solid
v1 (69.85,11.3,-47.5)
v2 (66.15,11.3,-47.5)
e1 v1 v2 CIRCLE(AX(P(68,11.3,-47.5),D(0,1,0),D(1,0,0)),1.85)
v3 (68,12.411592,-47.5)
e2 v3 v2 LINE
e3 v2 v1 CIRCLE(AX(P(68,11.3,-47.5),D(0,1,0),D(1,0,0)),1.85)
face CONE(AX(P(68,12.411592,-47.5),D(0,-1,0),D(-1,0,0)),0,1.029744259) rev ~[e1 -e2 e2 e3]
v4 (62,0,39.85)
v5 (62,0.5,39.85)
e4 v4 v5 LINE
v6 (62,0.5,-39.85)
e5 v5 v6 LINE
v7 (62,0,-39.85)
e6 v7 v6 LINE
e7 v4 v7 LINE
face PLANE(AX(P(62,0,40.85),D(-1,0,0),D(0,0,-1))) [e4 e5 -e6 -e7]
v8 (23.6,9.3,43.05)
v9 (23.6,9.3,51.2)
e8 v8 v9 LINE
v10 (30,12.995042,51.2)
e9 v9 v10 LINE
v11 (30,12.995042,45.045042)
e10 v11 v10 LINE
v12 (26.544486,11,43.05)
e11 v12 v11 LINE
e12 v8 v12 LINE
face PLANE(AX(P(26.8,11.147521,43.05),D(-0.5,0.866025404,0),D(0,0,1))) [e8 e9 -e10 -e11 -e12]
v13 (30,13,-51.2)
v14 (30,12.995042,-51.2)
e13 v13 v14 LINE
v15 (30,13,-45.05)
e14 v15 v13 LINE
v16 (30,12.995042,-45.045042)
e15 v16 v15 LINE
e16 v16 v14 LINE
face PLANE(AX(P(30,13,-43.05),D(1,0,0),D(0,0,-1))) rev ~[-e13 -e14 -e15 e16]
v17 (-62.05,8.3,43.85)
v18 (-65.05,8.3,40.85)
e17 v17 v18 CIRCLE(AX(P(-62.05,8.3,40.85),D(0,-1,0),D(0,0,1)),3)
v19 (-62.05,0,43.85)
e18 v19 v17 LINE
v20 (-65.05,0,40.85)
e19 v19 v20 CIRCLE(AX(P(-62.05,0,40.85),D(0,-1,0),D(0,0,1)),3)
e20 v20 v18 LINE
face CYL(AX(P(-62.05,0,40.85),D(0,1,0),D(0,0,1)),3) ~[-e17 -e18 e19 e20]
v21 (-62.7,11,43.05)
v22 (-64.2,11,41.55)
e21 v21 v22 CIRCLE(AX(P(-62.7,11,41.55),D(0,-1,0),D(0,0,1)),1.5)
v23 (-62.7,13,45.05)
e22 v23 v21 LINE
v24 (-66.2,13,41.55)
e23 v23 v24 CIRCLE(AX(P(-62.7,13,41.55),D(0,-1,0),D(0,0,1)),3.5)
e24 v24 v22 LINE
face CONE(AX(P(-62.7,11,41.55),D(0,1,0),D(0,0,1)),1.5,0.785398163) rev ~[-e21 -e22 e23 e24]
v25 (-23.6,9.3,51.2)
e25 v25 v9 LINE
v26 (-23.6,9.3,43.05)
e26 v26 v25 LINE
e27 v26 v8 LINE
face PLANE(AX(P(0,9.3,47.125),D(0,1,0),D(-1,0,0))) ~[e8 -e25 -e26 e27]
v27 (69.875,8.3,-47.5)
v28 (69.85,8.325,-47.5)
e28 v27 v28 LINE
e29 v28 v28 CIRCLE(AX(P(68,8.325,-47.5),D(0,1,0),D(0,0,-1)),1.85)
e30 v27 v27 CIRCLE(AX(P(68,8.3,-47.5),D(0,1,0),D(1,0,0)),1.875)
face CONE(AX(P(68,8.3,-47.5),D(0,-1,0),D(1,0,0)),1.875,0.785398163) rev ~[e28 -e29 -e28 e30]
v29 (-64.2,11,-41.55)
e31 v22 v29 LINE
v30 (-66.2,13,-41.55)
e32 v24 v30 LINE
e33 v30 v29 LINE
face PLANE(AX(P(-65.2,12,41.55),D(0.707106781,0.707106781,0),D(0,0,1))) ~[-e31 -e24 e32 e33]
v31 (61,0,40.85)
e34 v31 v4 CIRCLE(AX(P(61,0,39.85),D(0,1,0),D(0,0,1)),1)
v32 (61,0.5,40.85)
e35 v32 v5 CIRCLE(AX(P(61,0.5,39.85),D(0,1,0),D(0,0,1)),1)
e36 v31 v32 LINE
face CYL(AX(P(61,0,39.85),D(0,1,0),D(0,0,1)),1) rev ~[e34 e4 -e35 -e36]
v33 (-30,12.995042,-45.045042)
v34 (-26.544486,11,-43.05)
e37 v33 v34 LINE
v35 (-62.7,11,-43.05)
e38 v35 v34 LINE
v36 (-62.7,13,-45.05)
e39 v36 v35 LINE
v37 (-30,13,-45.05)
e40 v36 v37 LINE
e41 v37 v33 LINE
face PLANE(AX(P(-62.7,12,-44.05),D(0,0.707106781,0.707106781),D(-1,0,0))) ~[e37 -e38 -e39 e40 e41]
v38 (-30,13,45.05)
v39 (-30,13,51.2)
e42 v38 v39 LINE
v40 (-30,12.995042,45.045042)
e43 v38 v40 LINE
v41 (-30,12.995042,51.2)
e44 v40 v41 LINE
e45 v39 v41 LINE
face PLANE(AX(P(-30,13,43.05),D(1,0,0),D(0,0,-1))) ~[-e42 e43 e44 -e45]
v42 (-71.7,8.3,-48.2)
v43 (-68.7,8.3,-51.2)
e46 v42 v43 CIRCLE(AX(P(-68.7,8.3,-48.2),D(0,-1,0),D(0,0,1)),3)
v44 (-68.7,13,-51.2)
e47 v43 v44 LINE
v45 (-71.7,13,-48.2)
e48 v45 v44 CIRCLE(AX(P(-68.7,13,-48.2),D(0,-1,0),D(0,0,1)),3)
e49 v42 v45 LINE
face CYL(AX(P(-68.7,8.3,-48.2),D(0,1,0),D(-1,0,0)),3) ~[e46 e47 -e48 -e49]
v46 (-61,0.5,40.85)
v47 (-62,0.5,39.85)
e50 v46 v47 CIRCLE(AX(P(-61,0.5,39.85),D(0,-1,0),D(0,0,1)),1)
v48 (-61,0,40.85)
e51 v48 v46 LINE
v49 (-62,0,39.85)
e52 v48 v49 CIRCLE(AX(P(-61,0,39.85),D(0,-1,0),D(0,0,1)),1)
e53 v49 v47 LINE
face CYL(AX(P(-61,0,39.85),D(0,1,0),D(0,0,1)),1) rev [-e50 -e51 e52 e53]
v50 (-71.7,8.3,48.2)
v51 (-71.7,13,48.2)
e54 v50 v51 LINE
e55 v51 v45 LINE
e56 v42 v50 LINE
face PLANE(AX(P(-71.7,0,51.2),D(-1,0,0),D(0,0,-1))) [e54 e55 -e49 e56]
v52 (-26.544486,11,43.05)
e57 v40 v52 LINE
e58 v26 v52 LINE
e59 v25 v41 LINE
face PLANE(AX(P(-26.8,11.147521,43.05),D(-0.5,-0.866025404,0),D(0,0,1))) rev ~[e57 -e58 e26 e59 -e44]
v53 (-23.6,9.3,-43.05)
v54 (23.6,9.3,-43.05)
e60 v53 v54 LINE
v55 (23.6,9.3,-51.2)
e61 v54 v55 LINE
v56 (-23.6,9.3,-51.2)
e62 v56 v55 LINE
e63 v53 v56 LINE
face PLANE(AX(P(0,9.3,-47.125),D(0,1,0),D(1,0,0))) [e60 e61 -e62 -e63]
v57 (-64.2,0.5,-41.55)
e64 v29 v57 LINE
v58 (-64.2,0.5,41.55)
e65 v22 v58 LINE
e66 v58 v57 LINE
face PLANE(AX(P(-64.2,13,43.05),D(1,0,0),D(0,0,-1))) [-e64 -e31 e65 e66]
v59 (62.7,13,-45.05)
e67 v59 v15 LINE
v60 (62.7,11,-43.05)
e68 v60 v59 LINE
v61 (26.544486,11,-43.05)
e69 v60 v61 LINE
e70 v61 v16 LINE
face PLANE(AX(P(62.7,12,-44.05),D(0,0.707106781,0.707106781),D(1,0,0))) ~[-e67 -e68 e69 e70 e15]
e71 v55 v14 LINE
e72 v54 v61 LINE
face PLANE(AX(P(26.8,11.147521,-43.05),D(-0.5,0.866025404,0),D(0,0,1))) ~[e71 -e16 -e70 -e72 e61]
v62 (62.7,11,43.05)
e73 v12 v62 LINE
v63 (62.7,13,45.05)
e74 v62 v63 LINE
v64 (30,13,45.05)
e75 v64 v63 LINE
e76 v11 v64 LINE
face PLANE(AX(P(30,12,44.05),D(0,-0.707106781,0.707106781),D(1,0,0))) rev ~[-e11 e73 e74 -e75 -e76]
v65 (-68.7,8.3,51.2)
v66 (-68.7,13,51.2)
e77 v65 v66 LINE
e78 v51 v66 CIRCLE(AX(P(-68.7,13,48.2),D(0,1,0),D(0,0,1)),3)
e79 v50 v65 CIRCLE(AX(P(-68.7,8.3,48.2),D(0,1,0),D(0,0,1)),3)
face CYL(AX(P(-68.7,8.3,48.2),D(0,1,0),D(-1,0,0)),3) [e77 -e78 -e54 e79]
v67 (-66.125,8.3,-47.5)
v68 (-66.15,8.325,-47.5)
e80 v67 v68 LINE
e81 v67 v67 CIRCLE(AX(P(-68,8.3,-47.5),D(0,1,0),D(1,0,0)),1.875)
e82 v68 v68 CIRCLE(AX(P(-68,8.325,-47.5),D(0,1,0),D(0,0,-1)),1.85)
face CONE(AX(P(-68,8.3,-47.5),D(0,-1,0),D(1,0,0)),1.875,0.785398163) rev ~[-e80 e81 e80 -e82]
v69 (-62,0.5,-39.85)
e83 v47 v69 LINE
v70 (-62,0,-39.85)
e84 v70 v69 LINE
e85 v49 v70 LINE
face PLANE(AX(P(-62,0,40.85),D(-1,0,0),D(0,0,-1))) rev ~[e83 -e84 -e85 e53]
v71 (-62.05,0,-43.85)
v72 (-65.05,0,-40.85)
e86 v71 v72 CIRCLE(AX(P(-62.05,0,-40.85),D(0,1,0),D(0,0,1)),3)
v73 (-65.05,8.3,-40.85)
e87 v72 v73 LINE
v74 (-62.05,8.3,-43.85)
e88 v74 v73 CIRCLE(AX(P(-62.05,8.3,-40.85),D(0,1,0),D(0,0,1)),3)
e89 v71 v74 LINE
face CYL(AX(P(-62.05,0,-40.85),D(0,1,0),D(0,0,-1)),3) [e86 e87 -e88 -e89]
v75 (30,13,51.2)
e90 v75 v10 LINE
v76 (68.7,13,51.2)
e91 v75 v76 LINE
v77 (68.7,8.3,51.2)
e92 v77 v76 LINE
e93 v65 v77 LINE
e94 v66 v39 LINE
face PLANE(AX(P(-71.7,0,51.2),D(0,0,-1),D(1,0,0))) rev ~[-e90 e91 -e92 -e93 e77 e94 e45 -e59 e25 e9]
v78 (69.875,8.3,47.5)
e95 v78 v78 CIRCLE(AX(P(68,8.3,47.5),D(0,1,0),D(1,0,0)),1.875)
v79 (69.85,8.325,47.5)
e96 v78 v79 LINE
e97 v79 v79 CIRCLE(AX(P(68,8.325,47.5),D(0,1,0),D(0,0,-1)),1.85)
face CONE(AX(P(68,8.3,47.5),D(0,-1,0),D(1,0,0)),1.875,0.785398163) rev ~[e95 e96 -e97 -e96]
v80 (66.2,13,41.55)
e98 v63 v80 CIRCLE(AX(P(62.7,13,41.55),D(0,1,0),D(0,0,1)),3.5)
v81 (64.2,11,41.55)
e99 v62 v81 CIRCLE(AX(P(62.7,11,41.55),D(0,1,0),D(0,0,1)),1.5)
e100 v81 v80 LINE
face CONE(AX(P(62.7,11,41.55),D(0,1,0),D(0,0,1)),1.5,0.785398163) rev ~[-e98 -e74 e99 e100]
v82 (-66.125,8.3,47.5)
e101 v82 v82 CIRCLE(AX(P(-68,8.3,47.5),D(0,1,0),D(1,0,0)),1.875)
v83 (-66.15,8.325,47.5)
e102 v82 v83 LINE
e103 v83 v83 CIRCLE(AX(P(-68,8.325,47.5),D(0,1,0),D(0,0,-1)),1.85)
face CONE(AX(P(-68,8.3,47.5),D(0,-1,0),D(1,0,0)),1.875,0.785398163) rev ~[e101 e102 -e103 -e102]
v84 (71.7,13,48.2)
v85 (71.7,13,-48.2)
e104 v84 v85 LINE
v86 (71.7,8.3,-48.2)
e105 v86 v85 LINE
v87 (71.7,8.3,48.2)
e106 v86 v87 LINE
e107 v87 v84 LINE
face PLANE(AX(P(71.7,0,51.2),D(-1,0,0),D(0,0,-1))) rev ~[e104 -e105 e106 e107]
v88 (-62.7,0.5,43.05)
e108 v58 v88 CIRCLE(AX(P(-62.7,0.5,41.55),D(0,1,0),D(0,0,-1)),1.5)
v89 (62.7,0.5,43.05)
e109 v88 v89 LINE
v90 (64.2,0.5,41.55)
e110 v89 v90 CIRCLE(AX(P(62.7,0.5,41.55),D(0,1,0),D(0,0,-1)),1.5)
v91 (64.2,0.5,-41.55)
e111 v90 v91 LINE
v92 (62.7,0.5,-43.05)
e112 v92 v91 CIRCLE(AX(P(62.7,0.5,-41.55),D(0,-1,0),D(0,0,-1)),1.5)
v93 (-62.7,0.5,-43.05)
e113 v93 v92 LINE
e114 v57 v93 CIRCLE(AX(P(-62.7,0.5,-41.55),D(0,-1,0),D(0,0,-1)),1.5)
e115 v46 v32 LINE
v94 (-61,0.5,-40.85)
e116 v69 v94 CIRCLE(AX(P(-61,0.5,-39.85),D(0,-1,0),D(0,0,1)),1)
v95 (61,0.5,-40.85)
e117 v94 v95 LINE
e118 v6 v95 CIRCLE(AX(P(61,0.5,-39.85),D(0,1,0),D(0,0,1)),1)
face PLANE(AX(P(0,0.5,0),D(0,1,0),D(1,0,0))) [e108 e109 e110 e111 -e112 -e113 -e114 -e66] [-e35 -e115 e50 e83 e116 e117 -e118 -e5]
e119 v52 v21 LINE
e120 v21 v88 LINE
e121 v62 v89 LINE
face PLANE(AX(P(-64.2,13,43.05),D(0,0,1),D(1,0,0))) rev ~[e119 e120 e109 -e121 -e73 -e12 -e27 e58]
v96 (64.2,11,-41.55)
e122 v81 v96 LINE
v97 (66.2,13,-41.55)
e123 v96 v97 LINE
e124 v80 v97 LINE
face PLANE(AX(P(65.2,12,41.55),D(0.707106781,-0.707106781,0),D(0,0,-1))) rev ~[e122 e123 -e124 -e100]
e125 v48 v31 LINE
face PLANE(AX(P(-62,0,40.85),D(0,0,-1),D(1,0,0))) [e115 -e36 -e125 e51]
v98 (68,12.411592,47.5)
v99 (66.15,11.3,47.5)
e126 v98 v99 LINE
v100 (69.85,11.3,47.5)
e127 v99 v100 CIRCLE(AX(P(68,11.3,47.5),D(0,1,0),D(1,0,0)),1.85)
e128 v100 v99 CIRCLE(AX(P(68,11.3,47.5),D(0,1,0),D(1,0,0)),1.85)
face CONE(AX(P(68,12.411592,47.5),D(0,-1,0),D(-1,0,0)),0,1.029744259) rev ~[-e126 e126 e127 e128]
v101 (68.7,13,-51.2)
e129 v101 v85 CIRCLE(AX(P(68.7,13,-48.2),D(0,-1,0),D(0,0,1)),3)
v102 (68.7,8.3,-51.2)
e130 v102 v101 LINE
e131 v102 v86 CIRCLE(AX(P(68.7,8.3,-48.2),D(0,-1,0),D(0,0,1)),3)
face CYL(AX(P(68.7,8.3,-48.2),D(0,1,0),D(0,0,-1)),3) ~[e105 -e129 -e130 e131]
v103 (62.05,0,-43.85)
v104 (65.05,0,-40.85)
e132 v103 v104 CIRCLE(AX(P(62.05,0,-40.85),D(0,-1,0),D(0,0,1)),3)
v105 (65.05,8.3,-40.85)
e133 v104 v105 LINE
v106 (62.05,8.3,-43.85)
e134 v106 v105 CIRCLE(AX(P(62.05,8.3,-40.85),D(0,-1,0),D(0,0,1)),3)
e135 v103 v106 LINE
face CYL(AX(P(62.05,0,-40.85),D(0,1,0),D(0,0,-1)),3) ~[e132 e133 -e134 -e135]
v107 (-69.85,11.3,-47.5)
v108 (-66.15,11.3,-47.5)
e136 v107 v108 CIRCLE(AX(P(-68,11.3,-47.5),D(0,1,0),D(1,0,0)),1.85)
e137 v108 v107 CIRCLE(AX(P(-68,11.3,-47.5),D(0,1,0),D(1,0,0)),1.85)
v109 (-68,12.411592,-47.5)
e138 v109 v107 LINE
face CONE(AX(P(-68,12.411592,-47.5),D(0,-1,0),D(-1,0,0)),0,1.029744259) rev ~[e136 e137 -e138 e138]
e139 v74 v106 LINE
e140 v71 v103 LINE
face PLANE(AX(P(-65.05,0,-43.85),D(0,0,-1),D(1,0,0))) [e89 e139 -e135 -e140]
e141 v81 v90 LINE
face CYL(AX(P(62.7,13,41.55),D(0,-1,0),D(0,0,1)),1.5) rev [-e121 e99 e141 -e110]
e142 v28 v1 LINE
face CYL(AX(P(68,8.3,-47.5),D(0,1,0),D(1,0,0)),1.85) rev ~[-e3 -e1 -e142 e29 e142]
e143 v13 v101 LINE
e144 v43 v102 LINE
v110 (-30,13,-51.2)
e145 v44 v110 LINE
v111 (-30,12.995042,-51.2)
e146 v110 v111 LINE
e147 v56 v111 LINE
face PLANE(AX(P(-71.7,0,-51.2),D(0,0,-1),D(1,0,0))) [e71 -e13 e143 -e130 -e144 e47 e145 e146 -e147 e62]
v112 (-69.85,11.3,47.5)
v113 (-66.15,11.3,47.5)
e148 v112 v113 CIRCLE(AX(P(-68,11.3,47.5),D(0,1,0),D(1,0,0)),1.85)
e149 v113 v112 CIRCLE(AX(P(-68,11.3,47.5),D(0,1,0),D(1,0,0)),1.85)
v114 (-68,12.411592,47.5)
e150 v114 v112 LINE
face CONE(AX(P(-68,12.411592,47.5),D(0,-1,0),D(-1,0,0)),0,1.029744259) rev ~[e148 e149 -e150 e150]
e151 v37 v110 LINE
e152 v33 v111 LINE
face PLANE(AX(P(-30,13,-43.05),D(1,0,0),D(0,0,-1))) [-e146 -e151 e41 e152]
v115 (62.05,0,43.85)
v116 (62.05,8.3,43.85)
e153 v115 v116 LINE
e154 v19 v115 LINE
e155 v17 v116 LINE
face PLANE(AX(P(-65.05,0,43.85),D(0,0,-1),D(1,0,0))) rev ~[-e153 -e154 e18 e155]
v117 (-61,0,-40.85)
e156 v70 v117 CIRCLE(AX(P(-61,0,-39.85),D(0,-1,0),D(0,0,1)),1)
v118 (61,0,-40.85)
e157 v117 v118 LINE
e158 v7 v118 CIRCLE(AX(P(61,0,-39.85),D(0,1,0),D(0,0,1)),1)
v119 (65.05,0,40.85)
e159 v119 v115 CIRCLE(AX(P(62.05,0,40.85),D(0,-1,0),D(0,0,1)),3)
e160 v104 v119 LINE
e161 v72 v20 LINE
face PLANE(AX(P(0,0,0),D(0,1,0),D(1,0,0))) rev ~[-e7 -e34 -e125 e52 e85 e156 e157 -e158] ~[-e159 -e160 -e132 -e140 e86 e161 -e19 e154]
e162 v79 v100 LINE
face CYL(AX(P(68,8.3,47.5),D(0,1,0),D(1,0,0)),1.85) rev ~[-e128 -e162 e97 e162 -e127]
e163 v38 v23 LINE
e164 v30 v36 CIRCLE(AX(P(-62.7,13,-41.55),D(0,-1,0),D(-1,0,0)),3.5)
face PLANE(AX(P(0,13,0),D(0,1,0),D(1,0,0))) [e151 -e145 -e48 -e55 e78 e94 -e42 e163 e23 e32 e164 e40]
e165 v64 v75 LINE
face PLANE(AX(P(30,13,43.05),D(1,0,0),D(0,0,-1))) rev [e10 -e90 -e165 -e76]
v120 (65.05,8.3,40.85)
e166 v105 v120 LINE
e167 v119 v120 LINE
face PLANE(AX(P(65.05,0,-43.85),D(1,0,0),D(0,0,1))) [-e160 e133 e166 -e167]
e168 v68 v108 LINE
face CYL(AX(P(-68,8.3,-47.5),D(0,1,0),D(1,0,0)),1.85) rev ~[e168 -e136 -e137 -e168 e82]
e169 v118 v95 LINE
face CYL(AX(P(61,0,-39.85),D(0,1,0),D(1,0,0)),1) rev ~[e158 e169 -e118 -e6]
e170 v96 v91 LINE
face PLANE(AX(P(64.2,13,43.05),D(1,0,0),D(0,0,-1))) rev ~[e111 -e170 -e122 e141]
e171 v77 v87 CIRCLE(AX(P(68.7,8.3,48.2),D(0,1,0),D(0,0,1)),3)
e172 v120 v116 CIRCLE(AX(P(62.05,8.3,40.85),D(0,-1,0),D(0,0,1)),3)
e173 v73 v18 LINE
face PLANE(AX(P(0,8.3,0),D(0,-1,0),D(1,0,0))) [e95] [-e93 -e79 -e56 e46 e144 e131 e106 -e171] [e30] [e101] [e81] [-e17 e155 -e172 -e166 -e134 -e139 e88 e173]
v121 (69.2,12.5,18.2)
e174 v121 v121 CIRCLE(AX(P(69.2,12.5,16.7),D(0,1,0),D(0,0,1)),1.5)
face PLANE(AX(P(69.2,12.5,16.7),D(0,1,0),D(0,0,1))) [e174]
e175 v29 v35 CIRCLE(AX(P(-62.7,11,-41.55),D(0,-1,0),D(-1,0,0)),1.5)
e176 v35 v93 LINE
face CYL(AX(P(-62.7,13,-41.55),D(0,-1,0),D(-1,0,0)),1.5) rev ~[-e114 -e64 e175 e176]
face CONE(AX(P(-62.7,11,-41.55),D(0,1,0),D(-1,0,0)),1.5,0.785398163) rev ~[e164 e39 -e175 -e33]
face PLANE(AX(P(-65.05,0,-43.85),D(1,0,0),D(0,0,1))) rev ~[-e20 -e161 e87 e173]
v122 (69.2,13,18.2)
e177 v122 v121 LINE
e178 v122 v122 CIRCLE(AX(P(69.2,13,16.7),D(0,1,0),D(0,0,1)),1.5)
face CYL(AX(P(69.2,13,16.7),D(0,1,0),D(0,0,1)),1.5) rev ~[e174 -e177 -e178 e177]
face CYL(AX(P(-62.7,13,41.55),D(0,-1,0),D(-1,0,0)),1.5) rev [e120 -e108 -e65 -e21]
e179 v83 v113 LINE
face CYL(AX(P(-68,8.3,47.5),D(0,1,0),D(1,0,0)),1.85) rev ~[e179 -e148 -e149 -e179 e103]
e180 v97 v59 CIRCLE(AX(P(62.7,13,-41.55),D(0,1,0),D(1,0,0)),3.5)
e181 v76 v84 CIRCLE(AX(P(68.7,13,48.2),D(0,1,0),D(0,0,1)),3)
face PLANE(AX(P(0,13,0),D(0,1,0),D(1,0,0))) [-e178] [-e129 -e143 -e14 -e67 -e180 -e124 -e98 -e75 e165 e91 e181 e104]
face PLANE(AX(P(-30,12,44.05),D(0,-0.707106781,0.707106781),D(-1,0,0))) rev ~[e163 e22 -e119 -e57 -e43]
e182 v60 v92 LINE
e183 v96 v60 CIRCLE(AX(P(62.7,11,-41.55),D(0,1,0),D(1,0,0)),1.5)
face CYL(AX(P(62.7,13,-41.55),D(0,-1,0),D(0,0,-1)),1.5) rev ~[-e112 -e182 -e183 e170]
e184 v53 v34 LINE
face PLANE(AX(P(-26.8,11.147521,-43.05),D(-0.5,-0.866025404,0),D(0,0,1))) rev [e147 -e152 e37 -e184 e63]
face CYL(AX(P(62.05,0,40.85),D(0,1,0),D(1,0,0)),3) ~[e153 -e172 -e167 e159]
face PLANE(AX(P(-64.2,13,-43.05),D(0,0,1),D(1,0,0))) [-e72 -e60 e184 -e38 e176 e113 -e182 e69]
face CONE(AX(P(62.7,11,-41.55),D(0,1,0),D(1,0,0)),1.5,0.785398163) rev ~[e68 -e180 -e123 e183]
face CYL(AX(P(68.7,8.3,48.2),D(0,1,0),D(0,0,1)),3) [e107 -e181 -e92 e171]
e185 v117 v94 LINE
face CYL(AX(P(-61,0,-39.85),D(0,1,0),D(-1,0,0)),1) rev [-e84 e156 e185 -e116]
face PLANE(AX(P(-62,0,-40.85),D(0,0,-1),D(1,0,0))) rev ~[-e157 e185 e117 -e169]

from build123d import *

# Parameters (mm, degrees)
SKETCH1_W                            = 143.4
SKETCH1_H                            = 102.4
SKETCH1_W_2                          = 124
SKETCH1_H_2                          = 81.7
BOSS_EXTRUDE1_DEPTH                  = 13
SKETCH2_W                            = 128.4
SKETCH2_H                            = 86.1
CUT_EXTRUDE1_DEPTH                   = 12.5
SKETCH3_W                            = 143.4
SKETCH3_H                            = 102.4
SKETCH3_W_2                          = 130.1
SKETCH3_H_2                          = 87.7
CUT_EXTRUDE3_DEPTH                   = 8.3
FILLET1_R                            = 1
FILLET2_R                            = 1.5
FILLET3_R                            = 3
SKETCH4_W                            = 60
SKETCH4_H                            = 8.15
CUT_EXTRUDE4_DEPTH                   = 3.7
CHAMFER1_SIZE                        = 6.4
CHAMFER1_SIZE2                       = 3.695041723
CHAMFER2_SIZE                        = 6.4
CHAMFER2_SIZE2                       = 3.695041723
SKETCH5_R                            = 1.5
CUT_EXTRUDE5_DEPTH                   = 0.5
CHAMFER3_SIZE                        = 2
F_3_7_3_7_DIAMETER_HOLE1_D           = 3.7
F_3_7_3_7_DIAMETER_HOLE1_DEPTH       = 3
F_3_7_3_7_DIAMETER_HOLE1_CSINK_D     = 3.75
F_3_7_3_7_DIAMETER_HOLE1_CSINK_ANGLE = 90
F_3_7_3_7_DIAMETER_HOLE1_TIP         = 1.111592145


with BuildPart() as part:
    # Sketch1 → Boss-Extrude1 (new body)
    with BuildSketch(Plane(origin=(0, 0, 0), x_dir=(1, 0, 0), z_dir=(0, 1, 0))):
        Rectangle(SKETCH1_W, SKETCH1_H)
        Rectangle(SKETCH1_W_2, SKETCH1_H_2, mode=Mode.SUBTRACT)
    extrude(amount=BOSS_EXTRUDE1_DEPTH)

    # Sketch2 → Cut-Extrude1 (cut)
    with BuildSketch(Plane(origin=(0, 13, 0), x_dir=(1, 0, 0), z_dir=(0, 1, 0))):
        Rectangle(SKETCH2_W, SKETCH2_H)
    extrude(amount=-CUT_EXTRUDE1_DEPTH, mode=Mode.SUBTRACT)

    # Sketch3 → Cut-Extrude3 (cut)
    with BuildSketch(Plane.XZ):
        Rectangle(SKETCH3_W, SKETCH3_H)
        Rectangle(SKETCH3_W_2, SKETCH3_H_2, mode=Mode.SUBTRACT)
    extrude(amount=-CUT_EXTRUDE3_DEPTH, mode=Mode.SUBTRACT)

    # Fillet1
    fillet1_edges = [part.edges().sort_by_distance(p)[0] for p in [
        (-62, 0.25, 40.85),
        (62, 0.25, 40.85),
        (-62, 0.25, -40.85),
        (62, 0.25, -40.85),
    ]]
    fillet(fillet1_edges, radius=FILLET1_R)

    # Fillet2
    fillet2_edges = [part.edges().sort_by_distance(p)[0] for p in [
        (64.2, 6.75, -43.05),
        (64.2, 6.75, 43.05),
        (-64.2, 6.75, 43.05),
        (-64.2, 6.75, -43.05),
    ]]
    fillet(fillet2_edges, radius=FILLET2_R)

    # Fillet3
    fillet3_edges = [part.edges().sort_by_distance(p)[0] for p in [
        (65.05, 4.15, -43.85),
        (-65.05, 4.15, -43.85),
        (-65.05, 4.15, 43.85),
        (65.05, 4.15, 43.85),
        (71.7, 10.65, 51.2),
        (-71.7, 10.65, 51.2),
        (-71.7, 10.65, -51.2),
        (71.7, 10.65, -51.2),
    ]]
    fillet(fillet3_edges, radius=FILLET3_R)

    # Sketch4 → Cut-Extrude4 (cut)
    with BuildSketch(Plane(origin=(0, 13, 0), x_dir=(1, 0, 0), z_dir=(0, 1, 0))):
        with Locations((0, 47.125)):
            Rectangle(SKETCH4_W, SKETCH4_H)
    cut_extrude4 = extrude(amount=-CUT_EXTRUDE4_DEPTH, mode=Mode.SUBTRACT)

    # Mirror1: Cut-Extrude4 across plane
    add(cut_extrude4.mirror(Plane.XY), mode=Mode.SUBTRACT)

    # Chamfer1
    chamfer1_edges = [part.edges().sort_by_distance(p)[0] for p in [
        (-30, 9.3, -47.125),
        (30, 9.3, -47.125),
    ]]
    chamfer1_side = [part.faces().sort_by_distance(p)[0] for p in [
        (0, 9.3, -47.125),
    ]]
    chamfer(chamfer1_edges, length=CHAMFER1_SIZE, length2=CHAMFER1_SIZE2, reference=chamfer1_side[0])

    # Chamfer2
    chamfer2_edges = [part.edges().sort_by_distance(p)[0] for p in [
        (30, 9.3, 47.125),
        (-30, 9.3, 47.125),
    ]]
    chamfer2_side = [part.faces().sort_by_distance(p)[0] for p in [
        (0, 9.3, 47.125),
    ]]
    chamfer(chamfer2_edges, length=CHAMFER2_SIZE, length2=CHAMFER2_SIZE2, reference=chamfer2_side[0])

    # Sketch5 → Cut-Extrude5 (cut)
    with BuildSketch(Plane(origin=(0, 13, 0), x_dir=(1, 0, 0), z_dir=(0, 1, 0))):
        with Locations(Location((69.2, -16.7, 0), (0, 0, 270))):
            Circle(SKETCH5_R)
    extrude(amount=-CUT_EXTRUDE5_DEPTH, mode=Mode.SUBTRACT)

    # Chamfer3
    chamfer3_edges = [part.edges().sort_by_distance(p)[0] for p in [
        (46.35, 13, 43.05),
        (63.760660172, 13, 42.610660172),
        (64.2, 13, 0),
        (63.760660172, 13, -42.610660172),
        (46.35, 13, -43.05),
        (-46.35, 13, -43.05),
        (-46.35, 13, 43.05),
        (-63.760660172, 13, -42.610660172),
        (-63.760660172, 13, 42.610660172),
        (-64.2, 13, 0),
    ]]
    chamfer(chamfer3_edges, length=CHAMFER3_SIZE)

    # Ø3.7 (3.7) Diameter Hole1
    with Locations(Plane(origin=(0, 8.3, 0), x_dir=(-1, 0, 0), z_dir=(0, -1, 0))):
        with Locations((-68, 47.5), (-68, -47.5), (68, 47.5), (68, -47.5)):
            CounterSinkHole(F_3_7_3_7_DIAMETER_HOLE1_D / 2, F_3_7_3_7_DIAMETER_HOLE1_CSINK_D / 2, depth=F_3_7_3_7_DIAMETER_HOLE1_DEPTH, counter_sink_angle=F_3_7_3_7_DIAMETER_HOLE1_CSINK_ANGLE)
            with Locations((0, 0, -(F_3_7_3_7_DIAMETER_HOLE1_DEPTH + F_3_7_3_7_DIAMETER_HOLE1_TIP / 2))):  # 118° drill point
                Cone(0, F_3_7_3_7_DIAMETER_HOLE1_D / 2, F_3_7_3_7_DIAMETER_HOLE1_TIP, mode=Mode.SUBTRACT)


solid = part.part
